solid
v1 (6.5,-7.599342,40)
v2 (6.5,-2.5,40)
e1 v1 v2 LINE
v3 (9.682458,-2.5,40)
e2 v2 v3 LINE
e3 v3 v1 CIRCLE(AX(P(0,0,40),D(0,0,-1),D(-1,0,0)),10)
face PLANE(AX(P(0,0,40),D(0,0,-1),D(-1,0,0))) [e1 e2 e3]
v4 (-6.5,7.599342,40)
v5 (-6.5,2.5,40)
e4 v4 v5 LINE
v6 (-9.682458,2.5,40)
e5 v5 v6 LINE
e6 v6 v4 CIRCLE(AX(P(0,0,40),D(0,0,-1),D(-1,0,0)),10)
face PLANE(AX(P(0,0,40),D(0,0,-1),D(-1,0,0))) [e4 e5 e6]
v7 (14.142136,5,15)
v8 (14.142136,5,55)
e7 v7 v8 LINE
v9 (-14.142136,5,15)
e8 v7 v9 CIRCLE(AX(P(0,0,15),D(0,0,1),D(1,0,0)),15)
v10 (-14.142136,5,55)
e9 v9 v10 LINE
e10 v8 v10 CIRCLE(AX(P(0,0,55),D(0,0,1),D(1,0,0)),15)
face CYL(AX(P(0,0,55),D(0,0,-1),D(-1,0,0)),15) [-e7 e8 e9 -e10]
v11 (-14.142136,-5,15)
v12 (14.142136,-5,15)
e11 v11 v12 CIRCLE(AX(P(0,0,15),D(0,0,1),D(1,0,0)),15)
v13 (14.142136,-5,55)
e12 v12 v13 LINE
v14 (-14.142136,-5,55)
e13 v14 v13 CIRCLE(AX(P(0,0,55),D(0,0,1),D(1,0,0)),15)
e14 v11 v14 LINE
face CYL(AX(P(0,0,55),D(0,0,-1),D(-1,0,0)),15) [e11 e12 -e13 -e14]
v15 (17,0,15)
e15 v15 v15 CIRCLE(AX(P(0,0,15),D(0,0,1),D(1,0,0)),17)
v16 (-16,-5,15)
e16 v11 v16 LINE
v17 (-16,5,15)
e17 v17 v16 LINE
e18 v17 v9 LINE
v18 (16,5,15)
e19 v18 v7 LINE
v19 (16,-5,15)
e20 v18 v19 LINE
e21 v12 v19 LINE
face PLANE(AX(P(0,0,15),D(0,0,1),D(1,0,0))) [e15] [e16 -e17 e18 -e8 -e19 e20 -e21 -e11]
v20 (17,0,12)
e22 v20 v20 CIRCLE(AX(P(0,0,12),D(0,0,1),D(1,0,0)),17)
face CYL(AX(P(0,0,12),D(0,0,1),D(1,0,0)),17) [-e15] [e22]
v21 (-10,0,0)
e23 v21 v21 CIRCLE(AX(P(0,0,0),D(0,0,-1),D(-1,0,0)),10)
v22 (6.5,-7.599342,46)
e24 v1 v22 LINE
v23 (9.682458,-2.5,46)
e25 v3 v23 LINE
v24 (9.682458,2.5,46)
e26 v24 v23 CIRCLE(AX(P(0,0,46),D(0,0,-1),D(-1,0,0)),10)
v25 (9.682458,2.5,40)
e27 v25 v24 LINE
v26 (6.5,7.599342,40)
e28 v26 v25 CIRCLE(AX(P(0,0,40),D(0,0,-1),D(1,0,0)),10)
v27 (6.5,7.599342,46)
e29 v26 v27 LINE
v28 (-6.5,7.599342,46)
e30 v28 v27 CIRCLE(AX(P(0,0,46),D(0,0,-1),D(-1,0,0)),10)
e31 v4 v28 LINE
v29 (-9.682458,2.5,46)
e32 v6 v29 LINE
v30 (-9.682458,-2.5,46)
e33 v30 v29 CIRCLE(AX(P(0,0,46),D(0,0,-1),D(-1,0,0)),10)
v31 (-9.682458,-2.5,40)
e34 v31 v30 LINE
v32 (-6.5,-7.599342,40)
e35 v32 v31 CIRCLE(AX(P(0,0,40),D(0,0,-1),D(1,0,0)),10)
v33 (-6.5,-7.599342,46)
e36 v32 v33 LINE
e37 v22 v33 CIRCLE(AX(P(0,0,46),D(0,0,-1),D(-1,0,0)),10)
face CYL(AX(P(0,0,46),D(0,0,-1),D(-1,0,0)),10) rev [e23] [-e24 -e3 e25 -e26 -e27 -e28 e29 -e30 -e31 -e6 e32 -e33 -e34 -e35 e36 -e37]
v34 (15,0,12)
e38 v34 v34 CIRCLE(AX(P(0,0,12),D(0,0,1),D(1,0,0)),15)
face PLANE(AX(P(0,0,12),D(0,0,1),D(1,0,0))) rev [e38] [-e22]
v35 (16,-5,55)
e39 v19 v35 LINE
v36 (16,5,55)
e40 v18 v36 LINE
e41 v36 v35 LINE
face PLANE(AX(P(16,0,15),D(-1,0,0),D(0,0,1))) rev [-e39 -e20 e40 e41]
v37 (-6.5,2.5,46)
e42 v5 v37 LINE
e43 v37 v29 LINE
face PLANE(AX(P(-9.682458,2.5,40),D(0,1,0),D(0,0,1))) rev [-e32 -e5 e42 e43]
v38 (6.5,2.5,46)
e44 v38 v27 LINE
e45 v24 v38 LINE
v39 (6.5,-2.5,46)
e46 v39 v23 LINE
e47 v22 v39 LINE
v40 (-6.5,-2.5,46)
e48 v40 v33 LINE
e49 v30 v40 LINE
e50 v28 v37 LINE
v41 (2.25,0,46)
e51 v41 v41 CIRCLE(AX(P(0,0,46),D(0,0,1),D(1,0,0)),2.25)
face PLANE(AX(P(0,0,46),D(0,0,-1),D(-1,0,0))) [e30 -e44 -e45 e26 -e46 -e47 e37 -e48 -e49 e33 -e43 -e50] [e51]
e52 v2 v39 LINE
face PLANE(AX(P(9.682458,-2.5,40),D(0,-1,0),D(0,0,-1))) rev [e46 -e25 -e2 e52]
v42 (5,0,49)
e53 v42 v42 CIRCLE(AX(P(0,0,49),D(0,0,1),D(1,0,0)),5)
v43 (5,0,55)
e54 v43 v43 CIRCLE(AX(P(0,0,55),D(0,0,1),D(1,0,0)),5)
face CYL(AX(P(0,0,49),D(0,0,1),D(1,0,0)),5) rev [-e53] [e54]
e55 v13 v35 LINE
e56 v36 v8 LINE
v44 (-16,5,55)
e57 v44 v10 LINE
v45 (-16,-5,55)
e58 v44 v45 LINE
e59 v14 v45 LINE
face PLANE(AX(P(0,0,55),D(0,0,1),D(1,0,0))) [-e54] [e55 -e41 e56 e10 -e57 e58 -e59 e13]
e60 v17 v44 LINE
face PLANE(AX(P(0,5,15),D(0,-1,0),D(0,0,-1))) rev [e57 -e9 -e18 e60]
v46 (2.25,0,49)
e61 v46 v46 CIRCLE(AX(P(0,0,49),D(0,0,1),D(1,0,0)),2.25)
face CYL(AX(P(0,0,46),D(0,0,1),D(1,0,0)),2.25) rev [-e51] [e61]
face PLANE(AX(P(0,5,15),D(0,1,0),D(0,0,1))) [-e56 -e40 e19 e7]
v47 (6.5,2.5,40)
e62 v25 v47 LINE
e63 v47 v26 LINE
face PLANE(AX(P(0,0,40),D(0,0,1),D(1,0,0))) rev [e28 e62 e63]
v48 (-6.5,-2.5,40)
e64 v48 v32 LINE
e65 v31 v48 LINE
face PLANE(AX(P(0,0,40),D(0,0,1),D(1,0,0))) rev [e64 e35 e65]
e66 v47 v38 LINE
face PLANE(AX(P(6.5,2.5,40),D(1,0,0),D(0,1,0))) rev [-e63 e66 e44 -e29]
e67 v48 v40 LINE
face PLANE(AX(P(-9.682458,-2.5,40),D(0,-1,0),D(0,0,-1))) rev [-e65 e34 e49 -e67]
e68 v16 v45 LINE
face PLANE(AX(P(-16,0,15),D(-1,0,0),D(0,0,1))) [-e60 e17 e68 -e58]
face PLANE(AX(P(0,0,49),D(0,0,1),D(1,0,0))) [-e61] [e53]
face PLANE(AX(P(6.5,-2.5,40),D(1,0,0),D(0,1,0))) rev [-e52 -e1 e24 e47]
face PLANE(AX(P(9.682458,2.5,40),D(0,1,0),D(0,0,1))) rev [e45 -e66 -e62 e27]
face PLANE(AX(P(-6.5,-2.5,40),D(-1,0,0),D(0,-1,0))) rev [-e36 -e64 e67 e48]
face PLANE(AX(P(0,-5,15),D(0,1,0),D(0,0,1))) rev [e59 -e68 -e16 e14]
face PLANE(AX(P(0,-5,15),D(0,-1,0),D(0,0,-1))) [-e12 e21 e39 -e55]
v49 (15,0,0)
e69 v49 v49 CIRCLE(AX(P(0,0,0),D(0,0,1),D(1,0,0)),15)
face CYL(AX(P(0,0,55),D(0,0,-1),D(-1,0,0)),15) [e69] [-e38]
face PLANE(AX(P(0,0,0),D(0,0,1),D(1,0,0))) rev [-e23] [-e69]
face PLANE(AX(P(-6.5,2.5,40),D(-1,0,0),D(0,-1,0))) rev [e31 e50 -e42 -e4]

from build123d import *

# Parameters (mm, degrees)
SKETCH1_R           = 15
BOSS_EXTRUDE1_DEPTH = 55
SKETCH2_R           = 10
CUT_EXTRUDE7_DEPTH  = 46
SKETCH7_R           = 5
CUT_EXTRUDE8_DEPTH  = 6
SKETCH8_R           = 2.25
CUT_EXTRUDE9_DEPTH  = 3
BOSS_EXTRUDE5_START = 6
BOSS_EXTRUDE5_DEPTH = 6
BOSS_EXTRUDE6_START = -3
SKETCH11_R          = 17
SKETCH11_R_2        = 15
BOSS_EXTRUDE6_DEPTH = 3
BOSS_EXTRUDE8_START = -40
BOSS_EXTRUDE8_DEPTH = 40


with BuildPart() as part:
    # Sketch1 → Boss-Extrude1 (new body)
    with BuildSketch(Plane.XY):
        Circle(SKETCH1_R)
    extrude(amount=BOSS_EXTRUDE1_DEPTH)

    # Sketch2 → Cut-Extrude7 (cut)
    with BuildSketch(Plane(origin=(0, 0, 0), x_dir=(-1, 0, 0), z_dir=(0, 0, -1))):
        Circle(SKETCH2_R)
    extrude(amount=-CUT_EXTRUDE7_DEPTH, mode=Mode.SUBTRACT)

    # Sketch7 → Cut-Extrude8 (cut)
    with BuildSketch(Plane.XY.offset(55)):
        Circle(SKETCH7_R)
    extrude(amount=-CUT_EXTRUDE8_DEPTH, mode=Mode.SUBTRACT)

    # Sketch8 → Cut-Extrude9 (cut)
    with BuildSketch(Plane.XY.offset(49)):
        Circle(SKETCH8_R)
    extrude(amount=-CUT_EXTRUDE9_DEPTH, mode=Mode.SUBTRACT)

    # Sketch9 → Boss-Extrude5 (add)
    with BuildSketch(Plane(origin=(0, 0, 46), x_dir=(-1, 0, 0), z_dir=(0, 0, -1)).offset(BOSS_EXTRUDE5_START)):
        with BuildLine():
            Line((-9.682458366, -2.5), (-6.5, -2.5))
            Line((-6.5, -2.5), (-6.5, -7.599342077))
            ThreePointArc((-6.5, -7.599342077), (-8.48344341, -5.294448782), (-9.682458366, -2.5))
        make_face()
        with BuildLine():
            Line((-9.682458366, 2.5), (-6.5, 2.5))
            Line((-6.5, 2.5), (-6.5, 7.599342077))
            ThreePointArc((-6.5, 7.599342077), (-8.48344341, 5.294448782), (-9.682458366, 2.5))
        make_face()
        with BuildLine():
            Line((9.682458366, -2.5), (6.5, -2.5))
            Line((6.5, -2.5), (6.5, -7.599342077))
            ThreePointArc((6.5, -7.599342077), (8.48344341, -5.294448782), (9.682458366, -2.5))
        make_face()
        with BuildLine():
            Line((6.5, 2.5), (6.5, 7.599342077))
            ThreePointArc((6.5, 7.599342077), (8.48344341, 5.294448782), (9.682458366, 2.5))
            Line((9.682458366, 2.5), (6.5, 2.5))
        make_face()
    extrude(amount=-BOSS_EXTRUDE5_DEPTH)

    # Sketch11 → Boss-Extrude6 (add)
    with BuildSketch(Plane.XY.offset(15).offset(BOSS_EXTRUDE6_START)):
        Circle(SKETCH11_R)
        Circle(SKETCH11_R_2, mode=Mode.SUBTRACT)
    extrude(amount=BOSS_EXTRUDE6_DEPTH)

    # Sketch10 → Boss-Extrude8 (add)
    with BuildSketch(Plane.XY.offset(55).offset(BOSS_EXTRUDE8_START)):
        with BuildLine():
            Line((16, 5), (14.142135624, 5))
            ThreePointArc((14.142135624, 5), (15, 0), (14.142135624, -5))
            Line((14.142135624, -5), (16, -5))
            Line((16, -5), (16, 5))
        make_face()
        with BuildLine():
            ThreePointArc((-14.142135624, 5), (-15, 0), (-14.142135624, -5))
            Line((-14.142135624, -5), (-16, -5))
            Line((-16, -5), (-16, 5))
            Line((-16, 5), (-14.142135624, 5))
        make_face()
    extrude(amount=BOSS_EXTRUDE8_DEPTH)


solid = part.part
